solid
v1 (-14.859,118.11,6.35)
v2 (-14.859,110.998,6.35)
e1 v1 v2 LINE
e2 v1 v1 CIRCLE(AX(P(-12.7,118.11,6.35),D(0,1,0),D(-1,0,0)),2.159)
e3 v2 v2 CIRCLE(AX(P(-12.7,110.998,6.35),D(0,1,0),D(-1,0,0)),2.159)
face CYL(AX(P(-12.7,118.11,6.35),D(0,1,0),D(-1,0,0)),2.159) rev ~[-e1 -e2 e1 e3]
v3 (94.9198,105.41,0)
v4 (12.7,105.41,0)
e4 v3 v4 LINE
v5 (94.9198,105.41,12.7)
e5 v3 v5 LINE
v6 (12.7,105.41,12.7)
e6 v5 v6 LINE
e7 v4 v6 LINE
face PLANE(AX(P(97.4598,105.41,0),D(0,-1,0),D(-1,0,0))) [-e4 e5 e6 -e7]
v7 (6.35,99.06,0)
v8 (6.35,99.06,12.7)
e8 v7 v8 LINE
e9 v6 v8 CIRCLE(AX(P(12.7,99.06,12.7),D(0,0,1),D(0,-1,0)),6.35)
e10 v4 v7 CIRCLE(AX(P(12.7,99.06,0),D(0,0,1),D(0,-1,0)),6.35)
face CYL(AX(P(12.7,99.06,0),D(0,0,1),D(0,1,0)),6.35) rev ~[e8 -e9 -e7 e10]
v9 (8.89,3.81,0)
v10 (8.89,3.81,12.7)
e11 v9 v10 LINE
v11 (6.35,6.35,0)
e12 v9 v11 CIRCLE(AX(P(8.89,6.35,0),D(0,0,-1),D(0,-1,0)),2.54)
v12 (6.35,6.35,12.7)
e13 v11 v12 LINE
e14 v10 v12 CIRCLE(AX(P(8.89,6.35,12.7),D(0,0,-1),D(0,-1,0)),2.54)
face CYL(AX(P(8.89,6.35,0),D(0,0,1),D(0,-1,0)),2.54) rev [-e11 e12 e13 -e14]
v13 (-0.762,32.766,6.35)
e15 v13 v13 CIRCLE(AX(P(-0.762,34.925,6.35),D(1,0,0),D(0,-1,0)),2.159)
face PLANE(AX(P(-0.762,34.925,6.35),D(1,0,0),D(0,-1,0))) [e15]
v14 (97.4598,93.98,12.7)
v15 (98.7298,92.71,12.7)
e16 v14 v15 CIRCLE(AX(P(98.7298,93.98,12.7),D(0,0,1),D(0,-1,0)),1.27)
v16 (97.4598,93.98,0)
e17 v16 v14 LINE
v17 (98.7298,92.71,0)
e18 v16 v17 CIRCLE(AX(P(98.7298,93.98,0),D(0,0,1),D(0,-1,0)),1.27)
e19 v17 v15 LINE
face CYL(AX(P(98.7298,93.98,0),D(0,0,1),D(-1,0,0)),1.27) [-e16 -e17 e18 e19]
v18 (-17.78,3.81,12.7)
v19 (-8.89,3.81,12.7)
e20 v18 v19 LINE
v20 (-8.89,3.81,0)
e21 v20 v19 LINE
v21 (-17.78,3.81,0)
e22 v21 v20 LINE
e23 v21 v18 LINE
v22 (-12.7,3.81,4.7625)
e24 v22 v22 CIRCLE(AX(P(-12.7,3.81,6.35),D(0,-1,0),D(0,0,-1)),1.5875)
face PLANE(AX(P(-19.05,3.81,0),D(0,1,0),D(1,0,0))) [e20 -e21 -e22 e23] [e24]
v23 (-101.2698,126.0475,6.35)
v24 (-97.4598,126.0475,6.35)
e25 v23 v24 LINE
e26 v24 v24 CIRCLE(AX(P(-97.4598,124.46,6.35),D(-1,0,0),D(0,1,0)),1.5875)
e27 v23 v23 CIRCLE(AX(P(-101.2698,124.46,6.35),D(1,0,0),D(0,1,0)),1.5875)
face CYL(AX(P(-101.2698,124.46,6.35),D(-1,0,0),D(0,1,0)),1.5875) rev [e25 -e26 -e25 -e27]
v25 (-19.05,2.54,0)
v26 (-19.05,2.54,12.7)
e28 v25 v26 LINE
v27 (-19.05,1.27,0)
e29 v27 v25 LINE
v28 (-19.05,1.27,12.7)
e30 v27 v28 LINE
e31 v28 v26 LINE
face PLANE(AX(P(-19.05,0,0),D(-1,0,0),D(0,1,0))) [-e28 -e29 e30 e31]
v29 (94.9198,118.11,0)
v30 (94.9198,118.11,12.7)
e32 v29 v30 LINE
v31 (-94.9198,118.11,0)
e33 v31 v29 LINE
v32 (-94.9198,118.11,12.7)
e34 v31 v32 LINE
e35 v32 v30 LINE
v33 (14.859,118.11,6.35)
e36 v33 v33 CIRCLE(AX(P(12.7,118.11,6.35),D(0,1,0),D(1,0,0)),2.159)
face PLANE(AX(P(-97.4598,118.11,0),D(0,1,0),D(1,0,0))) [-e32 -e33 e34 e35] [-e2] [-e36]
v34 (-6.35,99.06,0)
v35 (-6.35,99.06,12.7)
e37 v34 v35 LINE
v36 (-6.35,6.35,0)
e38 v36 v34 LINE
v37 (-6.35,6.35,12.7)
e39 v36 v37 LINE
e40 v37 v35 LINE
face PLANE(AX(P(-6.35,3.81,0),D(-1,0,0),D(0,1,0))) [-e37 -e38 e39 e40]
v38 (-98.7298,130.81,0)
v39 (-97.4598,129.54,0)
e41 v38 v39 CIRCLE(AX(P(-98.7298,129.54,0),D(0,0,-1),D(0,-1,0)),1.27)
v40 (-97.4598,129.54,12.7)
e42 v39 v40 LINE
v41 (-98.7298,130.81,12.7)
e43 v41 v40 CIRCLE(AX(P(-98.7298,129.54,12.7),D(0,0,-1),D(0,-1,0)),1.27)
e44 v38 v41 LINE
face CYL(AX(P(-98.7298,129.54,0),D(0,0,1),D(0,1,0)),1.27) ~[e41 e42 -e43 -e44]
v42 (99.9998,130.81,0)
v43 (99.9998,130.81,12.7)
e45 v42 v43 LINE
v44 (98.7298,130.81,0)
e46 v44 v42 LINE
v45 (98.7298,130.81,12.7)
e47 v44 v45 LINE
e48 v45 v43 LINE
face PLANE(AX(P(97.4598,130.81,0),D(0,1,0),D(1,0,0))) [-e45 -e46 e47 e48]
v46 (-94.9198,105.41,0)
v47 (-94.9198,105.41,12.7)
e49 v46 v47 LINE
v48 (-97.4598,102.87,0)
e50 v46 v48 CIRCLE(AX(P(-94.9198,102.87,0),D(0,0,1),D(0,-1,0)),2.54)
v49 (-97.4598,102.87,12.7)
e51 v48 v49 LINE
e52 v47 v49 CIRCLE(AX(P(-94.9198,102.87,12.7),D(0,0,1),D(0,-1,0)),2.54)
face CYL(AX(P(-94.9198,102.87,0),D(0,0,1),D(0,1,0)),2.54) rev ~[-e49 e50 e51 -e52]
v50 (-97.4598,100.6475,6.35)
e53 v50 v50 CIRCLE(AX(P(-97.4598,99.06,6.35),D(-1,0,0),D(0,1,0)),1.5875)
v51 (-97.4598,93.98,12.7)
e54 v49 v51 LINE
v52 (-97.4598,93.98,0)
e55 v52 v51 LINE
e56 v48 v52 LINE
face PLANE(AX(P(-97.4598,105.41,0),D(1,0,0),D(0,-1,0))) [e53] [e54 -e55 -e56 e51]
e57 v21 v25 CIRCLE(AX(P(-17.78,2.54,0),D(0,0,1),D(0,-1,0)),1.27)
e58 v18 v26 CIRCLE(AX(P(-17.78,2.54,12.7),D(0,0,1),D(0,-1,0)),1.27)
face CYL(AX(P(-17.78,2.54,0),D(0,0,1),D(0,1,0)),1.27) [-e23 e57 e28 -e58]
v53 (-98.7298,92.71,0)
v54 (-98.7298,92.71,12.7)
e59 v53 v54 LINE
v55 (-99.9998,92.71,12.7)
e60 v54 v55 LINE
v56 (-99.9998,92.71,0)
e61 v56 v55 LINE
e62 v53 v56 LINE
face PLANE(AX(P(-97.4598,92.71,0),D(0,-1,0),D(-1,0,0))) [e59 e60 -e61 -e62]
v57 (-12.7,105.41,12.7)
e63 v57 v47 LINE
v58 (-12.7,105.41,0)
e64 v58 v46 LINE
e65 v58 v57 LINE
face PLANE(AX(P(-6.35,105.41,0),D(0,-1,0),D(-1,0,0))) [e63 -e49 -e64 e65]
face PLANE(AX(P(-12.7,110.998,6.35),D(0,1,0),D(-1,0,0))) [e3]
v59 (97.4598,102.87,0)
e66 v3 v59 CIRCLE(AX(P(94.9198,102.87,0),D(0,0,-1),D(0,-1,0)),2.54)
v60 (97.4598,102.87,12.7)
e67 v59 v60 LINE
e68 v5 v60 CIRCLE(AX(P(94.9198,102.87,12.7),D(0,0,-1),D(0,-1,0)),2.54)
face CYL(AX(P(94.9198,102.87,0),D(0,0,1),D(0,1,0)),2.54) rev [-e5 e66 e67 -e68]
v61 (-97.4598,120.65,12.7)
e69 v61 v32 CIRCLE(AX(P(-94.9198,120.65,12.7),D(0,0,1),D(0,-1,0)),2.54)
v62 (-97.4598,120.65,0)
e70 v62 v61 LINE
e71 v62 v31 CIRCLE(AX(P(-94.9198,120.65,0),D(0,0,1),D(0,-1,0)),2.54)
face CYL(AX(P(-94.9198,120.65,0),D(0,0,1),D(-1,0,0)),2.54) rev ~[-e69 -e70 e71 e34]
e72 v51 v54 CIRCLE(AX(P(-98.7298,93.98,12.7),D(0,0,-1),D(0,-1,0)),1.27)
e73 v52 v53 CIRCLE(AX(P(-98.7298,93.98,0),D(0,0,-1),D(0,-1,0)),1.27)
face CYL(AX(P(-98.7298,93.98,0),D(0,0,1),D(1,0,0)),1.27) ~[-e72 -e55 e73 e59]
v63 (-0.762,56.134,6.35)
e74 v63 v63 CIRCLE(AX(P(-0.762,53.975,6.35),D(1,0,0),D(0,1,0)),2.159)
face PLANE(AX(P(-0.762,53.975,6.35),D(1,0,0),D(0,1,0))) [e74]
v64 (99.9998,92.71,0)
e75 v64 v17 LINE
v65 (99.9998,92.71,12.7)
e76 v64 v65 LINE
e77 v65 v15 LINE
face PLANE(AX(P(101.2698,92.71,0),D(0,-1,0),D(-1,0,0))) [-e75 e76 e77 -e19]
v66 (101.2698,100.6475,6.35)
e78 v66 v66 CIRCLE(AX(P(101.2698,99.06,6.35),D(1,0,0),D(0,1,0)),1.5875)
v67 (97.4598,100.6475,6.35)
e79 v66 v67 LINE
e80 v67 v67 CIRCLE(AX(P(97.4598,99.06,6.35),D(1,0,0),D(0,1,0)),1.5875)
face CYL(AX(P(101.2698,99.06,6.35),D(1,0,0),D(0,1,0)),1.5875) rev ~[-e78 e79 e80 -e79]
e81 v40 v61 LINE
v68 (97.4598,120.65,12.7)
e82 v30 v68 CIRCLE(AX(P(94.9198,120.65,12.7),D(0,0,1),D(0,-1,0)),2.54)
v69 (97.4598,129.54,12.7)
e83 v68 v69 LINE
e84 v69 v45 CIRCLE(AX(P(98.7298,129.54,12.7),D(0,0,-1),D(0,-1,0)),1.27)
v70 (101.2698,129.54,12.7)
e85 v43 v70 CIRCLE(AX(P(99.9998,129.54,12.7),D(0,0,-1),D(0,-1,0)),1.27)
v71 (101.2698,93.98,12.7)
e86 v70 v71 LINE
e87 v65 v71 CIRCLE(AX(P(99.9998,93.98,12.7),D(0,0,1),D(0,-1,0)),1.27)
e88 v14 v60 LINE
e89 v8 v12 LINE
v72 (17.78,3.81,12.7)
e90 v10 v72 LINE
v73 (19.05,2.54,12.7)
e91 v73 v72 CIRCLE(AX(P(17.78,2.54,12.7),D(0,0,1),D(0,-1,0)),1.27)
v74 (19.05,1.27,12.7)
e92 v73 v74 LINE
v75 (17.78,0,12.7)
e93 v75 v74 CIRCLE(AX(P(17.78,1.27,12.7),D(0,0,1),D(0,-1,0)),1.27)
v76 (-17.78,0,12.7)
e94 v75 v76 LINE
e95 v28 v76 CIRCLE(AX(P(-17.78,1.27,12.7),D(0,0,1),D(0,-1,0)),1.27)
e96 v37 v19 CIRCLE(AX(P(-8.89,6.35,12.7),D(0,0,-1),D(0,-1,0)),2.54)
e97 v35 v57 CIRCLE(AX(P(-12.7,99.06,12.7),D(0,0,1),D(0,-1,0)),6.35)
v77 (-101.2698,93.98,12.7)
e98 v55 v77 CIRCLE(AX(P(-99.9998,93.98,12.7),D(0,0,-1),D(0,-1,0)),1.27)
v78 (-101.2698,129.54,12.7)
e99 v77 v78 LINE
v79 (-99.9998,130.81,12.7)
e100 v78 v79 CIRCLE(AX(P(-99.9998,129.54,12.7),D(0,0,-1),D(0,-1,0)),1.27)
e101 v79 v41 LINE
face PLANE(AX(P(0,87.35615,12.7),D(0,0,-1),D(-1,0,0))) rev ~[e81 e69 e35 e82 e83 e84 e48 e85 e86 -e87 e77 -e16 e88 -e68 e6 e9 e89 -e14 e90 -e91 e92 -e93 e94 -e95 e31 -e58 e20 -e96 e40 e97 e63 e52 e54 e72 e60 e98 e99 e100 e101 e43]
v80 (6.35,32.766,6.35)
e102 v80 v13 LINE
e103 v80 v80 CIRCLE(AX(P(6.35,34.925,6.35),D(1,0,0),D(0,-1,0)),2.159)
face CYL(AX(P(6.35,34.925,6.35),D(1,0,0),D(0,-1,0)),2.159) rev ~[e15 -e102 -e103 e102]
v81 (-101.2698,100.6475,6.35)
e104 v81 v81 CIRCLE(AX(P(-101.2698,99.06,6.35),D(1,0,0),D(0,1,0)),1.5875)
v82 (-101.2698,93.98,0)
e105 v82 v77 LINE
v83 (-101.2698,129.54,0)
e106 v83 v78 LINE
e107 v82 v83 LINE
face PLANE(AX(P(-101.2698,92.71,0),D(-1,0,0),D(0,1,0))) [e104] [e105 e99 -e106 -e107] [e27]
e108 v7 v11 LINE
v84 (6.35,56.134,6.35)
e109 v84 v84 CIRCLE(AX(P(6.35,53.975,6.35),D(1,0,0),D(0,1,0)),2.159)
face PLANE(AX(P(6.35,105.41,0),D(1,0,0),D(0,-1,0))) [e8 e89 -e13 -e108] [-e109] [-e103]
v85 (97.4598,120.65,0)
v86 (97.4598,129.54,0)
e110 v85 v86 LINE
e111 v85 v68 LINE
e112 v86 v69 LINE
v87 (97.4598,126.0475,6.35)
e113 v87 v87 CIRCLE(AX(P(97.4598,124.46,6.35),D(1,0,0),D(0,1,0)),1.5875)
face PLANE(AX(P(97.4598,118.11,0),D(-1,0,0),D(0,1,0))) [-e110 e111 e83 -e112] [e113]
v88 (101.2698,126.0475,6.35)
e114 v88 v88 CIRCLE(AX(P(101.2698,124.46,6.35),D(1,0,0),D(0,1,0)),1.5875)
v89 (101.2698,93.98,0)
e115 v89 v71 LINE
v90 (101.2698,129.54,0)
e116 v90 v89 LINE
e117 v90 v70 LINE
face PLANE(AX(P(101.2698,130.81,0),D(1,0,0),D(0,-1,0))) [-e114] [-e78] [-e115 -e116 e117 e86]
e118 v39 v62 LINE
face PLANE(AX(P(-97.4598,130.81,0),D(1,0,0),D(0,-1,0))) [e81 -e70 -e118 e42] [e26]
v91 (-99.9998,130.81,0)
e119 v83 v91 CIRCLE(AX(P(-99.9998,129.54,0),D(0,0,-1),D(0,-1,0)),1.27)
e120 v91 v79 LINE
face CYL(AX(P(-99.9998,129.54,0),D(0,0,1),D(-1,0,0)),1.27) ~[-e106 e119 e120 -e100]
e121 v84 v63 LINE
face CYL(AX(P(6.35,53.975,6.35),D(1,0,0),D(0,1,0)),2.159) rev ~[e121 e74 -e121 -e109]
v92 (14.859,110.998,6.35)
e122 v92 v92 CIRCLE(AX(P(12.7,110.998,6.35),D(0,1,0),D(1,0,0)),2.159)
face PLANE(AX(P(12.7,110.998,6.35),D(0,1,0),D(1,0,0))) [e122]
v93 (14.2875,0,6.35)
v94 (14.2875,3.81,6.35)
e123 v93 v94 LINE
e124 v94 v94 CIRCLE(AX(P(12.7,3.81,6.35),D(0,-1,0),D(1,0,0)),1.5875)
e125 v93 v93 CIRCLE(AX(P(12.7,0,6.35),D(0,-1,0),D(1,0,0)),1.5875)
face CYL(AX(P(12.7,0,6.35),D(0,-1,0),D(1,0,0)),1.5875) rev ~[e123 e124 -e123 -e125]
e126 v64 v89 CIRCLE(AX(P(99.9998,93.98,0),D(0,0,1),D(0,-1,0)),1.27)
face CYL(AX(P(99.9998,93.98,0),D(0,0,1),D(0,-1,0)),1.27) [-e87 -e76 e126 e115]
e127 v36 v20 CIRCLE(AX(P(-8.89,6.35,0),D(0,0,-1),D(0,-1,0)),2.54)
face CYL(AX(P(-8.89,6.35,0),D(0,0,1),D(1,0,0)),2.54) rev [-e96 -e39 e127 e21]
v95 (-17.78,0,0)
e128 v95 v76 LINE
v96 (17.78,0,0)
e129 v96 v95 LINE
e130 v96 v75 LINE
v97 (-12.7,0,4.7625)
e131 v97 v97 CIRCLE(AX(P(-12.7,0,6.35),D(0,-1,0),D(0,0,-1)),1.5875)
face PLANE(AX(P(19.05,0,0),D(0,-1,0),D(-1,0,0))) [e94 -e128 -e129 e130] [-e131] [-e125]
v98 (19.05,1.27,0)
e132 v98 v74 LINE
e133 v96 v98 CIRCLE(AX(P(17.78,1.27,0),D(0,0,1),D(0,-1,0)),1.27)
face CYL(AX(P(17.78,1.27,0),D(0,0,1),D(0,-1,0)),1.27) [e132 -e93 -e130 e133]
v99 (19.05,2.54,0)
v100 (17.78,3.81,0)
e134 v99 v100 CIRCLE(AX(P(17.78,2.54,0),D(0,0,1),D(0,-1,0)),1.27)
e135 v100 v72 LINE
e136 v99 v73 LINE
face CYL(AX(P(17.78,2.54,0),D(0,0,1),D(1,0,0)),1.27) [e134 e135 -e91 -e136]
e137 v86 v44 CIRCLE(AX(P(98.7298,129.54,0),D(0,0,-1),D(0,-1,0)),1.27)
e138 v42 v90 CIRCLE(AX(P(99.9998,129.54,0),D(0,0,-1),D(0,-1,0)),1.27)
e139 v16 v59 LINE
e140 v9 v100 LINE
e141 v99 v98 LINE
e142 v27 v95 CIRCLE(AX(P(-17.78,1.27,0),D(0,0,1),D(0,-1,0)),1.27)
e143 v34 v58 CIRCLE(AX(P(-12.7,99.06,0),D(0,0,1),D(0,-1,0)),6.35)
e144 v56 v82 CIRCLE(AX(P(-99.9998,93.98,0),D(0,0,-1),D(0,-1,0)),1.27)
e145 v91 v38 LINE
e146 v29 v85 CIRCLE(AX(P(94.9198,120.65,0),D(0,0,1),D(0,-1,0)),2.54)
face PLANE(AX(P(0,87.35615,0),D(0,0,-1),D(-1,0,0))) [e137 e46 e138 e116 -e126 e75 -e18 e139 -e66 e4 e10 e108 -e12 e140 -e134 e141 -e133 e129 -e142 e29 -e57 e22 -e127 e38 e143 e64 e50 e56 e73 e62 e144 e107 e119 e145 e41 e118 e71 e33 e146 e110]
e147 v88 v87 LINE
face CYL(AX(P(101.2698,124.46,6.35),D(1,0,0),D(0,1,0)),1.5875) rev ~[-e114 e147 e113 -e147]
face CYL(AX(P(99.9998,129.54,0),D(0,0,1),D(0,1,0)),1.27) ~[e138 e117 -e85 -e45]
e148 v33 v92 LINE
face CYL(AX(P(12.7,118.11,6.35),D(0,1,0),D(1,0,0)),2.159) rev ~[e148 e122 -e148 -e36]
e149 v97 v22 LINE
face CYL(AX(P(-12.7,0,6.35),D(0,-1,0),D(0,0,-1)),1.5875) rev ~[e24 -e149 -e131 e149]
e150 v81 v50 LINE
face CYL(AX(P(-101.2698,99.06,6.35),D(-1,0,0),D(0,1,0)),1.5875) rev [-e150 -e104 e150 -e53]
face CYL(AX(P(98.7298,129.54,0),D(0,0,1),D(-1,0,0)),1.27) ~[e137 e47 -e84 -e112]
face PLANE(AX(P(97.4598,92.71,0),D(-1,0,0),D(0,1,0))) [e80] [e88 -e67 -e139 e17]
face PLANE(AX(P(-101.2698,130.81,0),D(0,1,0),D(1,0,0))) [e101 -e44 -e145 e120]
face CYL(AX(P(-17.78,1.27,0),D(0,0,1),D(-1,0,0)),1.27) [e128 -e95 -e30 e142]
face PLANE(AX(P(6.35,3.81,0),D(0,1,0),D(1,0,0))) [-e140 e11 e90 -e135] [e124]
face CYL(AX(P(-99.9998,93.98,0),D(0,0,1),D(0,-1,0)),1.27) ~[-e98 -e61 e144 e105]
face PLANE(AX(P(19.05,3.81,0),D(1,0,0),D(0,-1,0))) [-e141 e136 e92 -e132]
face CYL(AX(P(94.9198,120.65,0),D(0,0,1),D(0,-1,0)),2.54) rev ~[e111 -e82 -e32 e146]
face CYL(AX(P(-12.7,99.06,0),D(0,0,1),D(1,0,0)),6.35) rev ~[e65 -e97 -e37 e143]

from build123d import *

# Parameters (mm, degrees)
BOSS_EXTRUDE1_DEPTH      = 12.7
SKETCH2_R                = 1.5875
SIDE_MOUNT_HOLES_DEPTH   = 6.35
SKETCH3_R                = 1.5875
BOTTOM_MOUNT_HOLES_DEPTH = 3.81
FILLET1_R                = 6.35
FILLET2_R                = 2.54
SKETCH4_R                = 2.159
SWITCH_MOUNT_HOLES_DEPTH = 7.112
SKETCH5_R                = 2.159
CUT_EXTRUDE1_DEPTH       = 7.112
FILLET3_R                = 1.27


with BuildPart() as part:
    # Sketch1 → Boss-Extrude1 (new body)
    with BuildSketch(Plane.XY):
        Polygon((19.05, 0), (-19.05, 0), (-19.05, 3.81), (-6.35, 3.81), (-6.35, 105.41), (-97.4598, 105.41), (-97.4598, 92.71), (-101.2698, 92.71), (-101.2698, 130.81), (-97.4598, 130.81), (-97.4598, 118.11), (97.4598, 118.11), (97.4598, 130.81), (101.2698, 130.81), (101.2698, 92.71), (97.4598, 92.71), (97.4598, 105.41), (6.35, 105.41), (6.35, 3.81), (19.05, 3.81), align=None)
    extrude(amount=BOSS_EXTRUDE1_DEPTH)

    # Sketch2 → Side-Mount-Holes (cut)
    with BuildSketch(Plane(origin=(101.2698, 0, 0), x_dir=(0, 0, -1), z_dir=(1, 0, 0))):
        with Locations(Location((-6.35, 124.46, 0), (0, 0, 90))):
            Circle(SKETCH2_R)
        with Locations(Location((-6.35, 99.06, 0), (0, 0, 90))):
            Circle(SKETCH2_R)
    side_mount_holes = extrude(amount=-SIDE_MOUNT_HOLES_DEPTH, mode=Mode.SUBTRACT)

    # Mirror1: Side-Mount-Holes across plane
    add(side_mount_holes.mirror(Plane(origin=(0, 0, 0), x_dir=(0, 0, 1), z_dir=(1, 0, 0))), mode=Mode.SUBTRACT)

    # Sketch3 → Bottom_Mount_Holes (cut)
    with BuildSketch(Plane.XZ):
        with Locations((12.7, 6.35)):
            Circle(SKETCH3_R)
        with Locations(Location((-12.7, 6.35, 0), (0, 0, 270))):
            Circle(SKETCH3_R)
    extrude(amount=-BOTTOM_MOUNT_HOLES_DEPTH, mode=Mode.SUBTRACT)

    # Fillet1
    fillet1_edges = [part.edges().sort_by_distance(p)[0] for p in [
        (-6.35, 105.41, 6.35),
        (6.35, 105.41, 6.35),
    ]]
    fillet(fillet1_edges, radius=FILLET1_R)

    # Fillet2
    fillet2_edges = [part.edges().sort_by_distance(p)[0] for p in [
        (-6.35, 3.81, 6.35),
        (-97.4598, 105.41, 6.35),
        (-97.4598, 118.11, 6.35),
        (97.4598, 118.11, 6.35),
        (97.4598, 105.41, 6.35),
        (6.35, 3.81, 6.35),
    ]]
    fillet(fillet2_edges, radius=FILLET2_R)

    # Sketch4 → Switch_Mount_Holes (cut)
    with BuildSketch(Plane(origin=(6.35, 0, 0), x_dir=(0, 0, -1), z_dir=(1, 0, 0))):
        with Locations(Location((-6.35, 53.975, 0), (0, 0, 90))):
            Circle(SKETCH4_R)
        with Locations(Location((-6.35, 34.925, 0), (0, 0, 270))):
            Circle(SKETCH4_R)
    extrude(amount=-SWITCH_MOUNT_HOLES_DEPTH, mode=Mode.SUBTRACT)

    # Sketch5 → Cut-Extrude1 (cut)
    with BuildSketch(Plane(origin=(0, 118.11, 0), x_dir=(1, 0, 0), z_dir=(0, 1, 0))):
        with Locations(Location((-12.7, -6.35, 0), (0, 0, 180))):
            Circle(SKETCH5_R)
        with Locations((12.7, -6.35)):
            Circle(SKETCH5_R)
    extrude(amount=-CUT_EXTRUDE1_DEPTH, mode=Mode.SUBTRACT)

    # Fillet3
    fillet3_edges = [part.edges().sort_by_distance(p)[0] for p in [
        (-19.05, 3.81, 6.35),
        (-97.4598, 92.71, 6.35),
        (-101.2698, 92.71, 6.35),
        (-101.2698, 130.81, 6.35),
        (-97.4598, 130.81, 6.35),
        (97.4598, 130.81, 6.35),
        (101.2698, 130.81, 6.35),
        (101.2698, 92.71, 6.35),
        (97.4598, 92.71, 6.35),
        (19.05, 3.81, 6.35),
        (19.05, 0, 6.35),
        (-19.05, 0, 6.35),
    ]]
    fillet(fillet3_edges, radius=FILLET3_R)


solid = part.part
